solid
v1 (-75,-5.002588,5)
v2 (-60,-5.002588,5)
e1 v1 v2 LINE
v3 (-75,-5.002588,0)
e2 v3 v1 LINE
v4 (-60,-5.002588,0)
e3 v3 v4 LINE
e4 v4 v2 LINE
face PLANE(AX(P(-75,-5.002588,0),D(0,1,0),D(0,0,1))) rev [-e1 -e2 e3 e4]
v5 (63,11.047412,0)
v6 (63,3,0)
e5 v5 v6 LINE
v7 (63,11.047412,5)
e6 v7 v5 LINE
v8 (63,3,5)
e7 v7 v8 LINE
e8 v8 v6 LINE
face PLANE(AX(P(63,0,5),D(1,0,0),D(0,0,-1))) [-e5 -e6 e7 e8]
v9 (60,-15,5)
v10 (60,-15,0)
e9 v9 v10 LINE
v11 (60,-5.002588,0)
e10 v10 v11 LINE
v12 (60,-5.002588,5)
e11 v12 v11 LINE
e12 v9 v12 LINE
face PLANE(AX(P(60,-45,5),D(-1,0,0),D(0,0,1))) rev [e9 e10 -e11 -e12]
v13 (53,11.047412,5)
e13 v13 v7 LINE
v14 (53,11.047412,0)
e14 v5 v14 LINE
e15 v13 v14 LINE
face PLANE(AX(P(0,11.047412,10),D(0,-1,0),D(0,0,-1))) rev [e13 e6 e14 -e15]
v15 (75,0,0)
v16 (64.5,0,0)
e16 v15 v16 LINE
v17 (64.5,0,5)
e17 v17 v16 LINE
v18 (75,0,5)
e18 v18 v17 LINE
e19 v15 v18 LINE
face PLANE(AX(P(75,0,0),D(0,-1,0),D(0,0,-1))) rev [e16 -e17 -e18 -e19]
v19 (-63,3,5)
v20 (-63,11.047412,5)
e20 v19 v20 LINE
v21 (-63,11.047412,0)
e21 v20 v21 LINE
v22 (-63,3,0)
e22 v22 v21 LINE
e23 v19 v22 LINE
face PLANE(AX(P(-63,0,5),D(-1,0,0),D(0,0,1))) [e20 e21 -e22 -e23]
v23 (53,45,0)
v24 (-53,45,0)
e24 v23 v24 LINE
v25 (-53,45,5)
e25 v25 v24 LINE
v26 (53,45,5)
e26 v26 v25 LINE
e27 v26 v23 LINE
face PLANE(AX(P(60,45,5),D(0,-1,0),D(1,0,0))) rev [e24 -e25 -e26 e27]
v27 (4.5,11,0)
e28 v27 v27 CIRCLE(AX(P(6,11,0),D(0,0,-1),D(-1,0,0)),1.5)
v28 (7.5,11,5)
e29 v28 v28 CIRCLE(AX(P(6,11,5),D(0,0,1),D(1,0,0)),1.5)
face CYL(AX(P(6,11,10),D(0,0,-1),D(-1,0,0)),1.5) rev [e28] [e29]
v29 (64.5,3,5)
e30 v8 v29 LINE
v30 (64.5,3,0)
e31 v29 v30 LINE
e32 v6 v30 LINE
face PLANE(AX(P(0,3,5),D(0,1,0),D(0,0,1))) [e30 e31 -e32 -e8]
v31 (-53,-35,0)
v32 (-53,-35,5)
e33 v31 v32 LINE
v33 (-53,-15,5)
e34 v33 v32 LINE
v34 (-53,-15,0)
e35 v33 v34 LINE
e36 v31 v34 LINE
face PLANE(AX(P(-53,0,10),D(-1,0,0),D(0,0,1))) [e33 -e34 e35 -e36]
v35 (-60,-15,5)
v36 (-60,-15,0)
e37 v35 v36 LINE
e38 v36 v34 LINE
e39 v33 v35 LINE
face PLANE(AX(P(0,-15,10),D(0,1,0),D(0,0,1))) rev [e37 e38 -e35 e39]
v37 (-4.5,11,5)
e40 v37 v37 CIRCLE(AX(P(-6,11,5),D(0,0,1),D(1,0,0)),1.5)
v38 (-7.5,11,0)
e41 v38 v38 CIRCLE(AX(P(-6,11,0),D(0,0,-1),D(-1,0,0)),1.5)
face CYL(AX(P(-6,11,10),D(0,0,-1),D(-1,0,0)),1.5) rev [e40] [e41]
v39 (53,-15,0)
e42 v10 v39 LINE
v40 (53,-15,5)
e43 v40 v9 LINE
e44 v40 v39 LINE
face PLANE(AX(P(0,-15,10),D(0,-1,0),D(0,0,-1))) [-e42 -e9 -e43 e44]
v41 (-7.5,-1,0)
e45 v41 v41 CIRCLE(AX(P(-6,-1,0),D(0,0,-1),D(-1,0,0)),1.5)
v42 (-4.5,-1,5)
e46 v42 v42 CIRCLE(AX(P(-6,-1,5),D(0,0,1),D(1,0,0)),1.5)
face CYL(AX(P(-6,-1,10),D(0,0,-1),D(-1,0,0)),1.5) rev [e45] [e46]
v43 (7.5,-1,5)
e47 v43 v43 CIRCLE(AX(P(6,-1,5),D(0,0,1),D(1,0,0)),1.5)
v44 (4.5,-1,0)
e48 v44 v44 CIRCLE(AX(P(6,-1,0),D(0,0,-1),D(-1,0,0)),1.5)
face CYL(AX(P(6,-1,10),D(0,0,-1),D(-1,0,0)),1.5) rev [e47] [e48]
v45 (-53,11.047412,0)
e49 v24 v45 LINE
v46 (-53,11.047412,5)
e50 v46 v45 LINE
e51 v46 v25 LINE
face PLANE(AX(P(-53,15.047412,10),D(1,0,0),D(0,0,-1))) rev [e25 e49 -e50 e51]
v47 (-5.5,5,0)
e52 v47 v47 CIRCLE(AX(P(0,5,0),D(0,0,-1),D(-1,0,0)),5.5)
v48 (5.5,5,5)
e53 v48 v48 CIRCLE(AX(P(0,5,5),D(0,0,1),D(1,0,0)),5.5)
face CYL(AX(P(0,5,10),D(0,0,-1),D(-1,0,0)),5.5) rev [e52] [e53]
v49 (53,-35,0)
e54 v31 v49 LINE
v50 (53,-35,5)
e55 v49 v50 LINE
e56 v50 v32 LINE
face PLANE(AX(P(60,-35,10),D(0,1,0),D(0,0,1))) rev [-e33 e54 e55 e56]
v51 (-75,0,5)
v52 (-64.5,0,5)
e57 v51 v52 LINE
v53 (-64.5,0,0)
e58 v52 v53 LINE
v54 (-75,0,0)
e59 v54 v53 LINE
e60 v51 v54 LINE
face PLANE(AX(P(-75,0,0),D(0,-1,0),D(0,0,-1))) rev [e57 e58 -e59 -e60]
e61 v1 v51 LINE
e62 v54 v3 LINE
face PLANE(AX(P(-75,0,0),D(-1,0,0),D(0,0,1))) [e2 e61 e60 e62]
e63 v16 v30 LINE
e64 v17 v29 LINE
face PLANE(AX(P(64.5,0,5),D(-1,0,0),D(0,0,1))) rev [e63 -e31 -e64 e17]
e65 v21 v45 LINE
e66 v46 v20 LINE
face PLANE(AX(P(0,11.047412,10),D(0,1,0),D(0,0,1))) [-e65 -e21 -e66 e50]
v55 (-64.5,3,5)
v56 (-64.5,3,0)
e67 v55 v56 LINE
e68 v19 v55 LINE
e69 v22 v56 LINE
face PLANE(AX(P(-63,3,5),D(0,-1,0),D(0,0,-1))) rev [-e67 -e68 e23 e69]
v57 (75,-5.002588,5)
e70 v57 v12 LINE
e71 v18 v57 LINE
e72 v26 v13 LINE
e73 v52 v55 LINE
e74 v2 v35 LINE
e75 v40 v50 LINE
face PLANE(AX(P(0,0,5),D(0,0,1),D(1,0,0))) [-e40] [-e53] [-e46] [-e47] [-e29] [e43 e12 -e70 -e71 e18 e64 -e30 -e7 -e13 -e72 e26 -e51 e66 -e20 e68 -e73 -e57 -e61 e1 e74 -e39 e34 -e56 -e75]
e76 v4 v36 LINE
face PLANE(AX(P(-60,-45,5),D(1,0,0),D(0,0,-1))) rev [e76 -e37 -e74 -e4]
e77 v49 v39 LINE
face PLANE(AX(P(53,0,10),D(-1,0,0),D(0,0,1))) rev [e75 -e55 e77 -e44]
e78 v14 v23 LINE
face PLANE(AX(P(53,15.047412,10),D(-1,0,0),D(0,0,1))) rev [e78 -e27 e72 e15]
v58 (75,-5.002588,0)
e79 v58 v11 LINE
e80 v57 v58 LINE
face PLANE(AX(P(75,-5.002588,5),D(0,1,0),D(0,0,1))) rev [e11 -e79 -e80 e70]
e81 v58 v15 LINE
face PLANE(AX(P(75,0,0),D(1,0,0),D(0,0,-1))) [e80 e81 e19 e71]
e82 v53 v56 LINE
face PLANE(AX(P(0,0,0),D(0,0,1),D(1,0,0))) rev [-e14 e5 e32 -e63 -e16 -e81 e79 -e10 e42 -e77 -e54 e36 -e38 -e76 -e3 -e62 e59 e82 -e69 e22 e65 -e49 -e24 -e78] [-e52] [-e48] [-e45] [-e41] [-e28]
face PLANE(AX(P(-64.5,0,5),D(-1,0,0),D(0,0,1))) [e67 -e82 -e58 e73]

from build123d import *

# Parameters (mm, degrees)
SKETCH_1_W          = 120
SKETCH_1_H          = 90
EXTRUDE_1_DEPTH     = 5
SKETCH_5_W          = 120
SKETCH_5_H          = 10
CUT_EXTRUDE_3_DEPTH = 10
SKETCH_10_W         = 5
SKETCH_10_H         = 5.002587902
EXTRUDE_3_DEPTH     = 15
SKETCH_12_W         = 5
SKETCH_12_H         = 5.002587902
EXTRUDE_4_DEPTH     = 15
SKETCH_14_W         = 3
SKETCH_14_H         = 15.404940373
EXTRUDE_5_DEPTH     = 5
SKETCH_16_W         = 5
SKETCH_16_H         = 29.952587902
CUT_EXTRUDE_5_DEPTH = 10
SKETCH_17_W         = 5
SKETCH_17_H         = 29.952587902
CUT_EXTRUDE_6_DEPTH = 10
SKETCH_18_W         = 10
SKETCH_18_H         = 4
SKETCH_18_W_2       = 7
SKETCH_18_H_2       = 20
CUT_EXTRUDE_7_DEPTH = 10
SKETCH_19_W         = 1.5
SKETCH_19_H         = 3
EXTRUDE_6_DEPTH     = 5
SKETCH_20_R         = 5.5
SKETCH_20_R_2       = 1.5
CUT_EXTRUDE_8_DEPTH = 10


with BuildPart() as part:
    # 草图1 → 凸台-拉伸1 (new body)
    with BuildSketch(Plane.XY):
        Rectangle(SKETCH_1_W, SKETCH_1_H)
    extrude(amount=EXTRUDE_1_DEPTH)

    # 草图5 → 切除-拉伸3 (cut)
    with BuildSketch(Plane(origin=(0, 0, 0), x_dir=(-1, 0, 0), z_dir=(0, 0, -1))):
        with Locations((0, -40)):
            Rectangle(SKETCH_5_W, SKETCH_5_H)
    extrude(amount=-CUT_EXTRUDE_3_DEPTH, mode=Mode.SUBTRACT)

    # 草图10 → 凸台-拉伸3 (add)
    with BuildSketch(Plane(origin=(60, 0, 0), x_dir=(0, 0, -1), z_dir=(1, 0, 0))):
        with Locations((-2.5, -2.501293951)):
            Rectangle(SKETCH_10_W, SKETCH_10_H)
    extrude(amount=EXTRUDE_3_DEPTH)

    # 草图12 → 凸台-拉伸4 (add)
    with BuildSketch(Plane.ZY.offset(60)):
        with Locations((2.5, -2.501293951)):
            Rectangle(SKETCH_12_W, SKETCH_12_H)
    extrude(amount=EXTRUDE_4_DEPTH)

    # 草图14 → 凸台-拉伸5 (add, through all)
    with BuildSketch(Plane(origin=(0, 0, 0), x_dir=(-1, 0, 0), z_dir=(0, 0, -1))):
        with Locations((-61.5, 7.702470187)):
            Rectangle(SKETCH_14_W, SKETCH_14_H)
        with Locations((61.5, 7.702470187)):
            Rectangle(SKETCH_14_W, SKETCH_14_H)
    extrude(amount=-EXTRUDE_5_DEPTH)

    # 草图16 → 切除-拉伸5 (cut)
    with BuildSketch(Plane(origin=(0, 0, 0), x_dir=(-1, 0, 0), z_dir=(0, 0, -1))):
        with Locations((60.5, 30.023706049)):
            Rectangle(SKETCH_16_W, SKETCH_16_H)
        with Locations((-60.5, 30.023706049)):
            Rectangle(SKETCH_16_W, SKETCH_16_H)
    extrude(amount=-CUT_EXTRUDE_5_DEPTH, mode=Mode.SUBTRACT)

    # 草图17 → 切除-拉伸6 (cut)
    with BuildSketch(Plane(origin=(0, 0, 0), x_dir=(-1, 0, 0), z_dir=(0, 0, -1))):
        with Locations((-55.5, 30.023706049)):
            Rectangle(SKETCH_17_W, SKETCH_17_H)
        with Locations((55.5, 30.023706049)):
            Rectangle(SKETCH_17_W, SKETCH_17_H)
    extrude(amount=-CUT_EXTRUDE_6_DEPTH, mode=Mode.SUBTRACT)

    # 草图18 → 切除-拉伸7 (cut)
    with BuildSketch(Plane(origin=(0, 0, 0), x_dir=(-1, 0, 0), z_dir=(0, 0, -1))):
        with Locations((-58, 13.047412098)):
            Rectangle(SKETCH_18_W, SKETCH_18_H)
        with Locations((-56.5, -25)):
            Rectangle(SKETCH_18_W_2, SKETCH_18_H_2)
        with Locations((56.5, -25)):
            Rectangle(SKETCH_18_W_2, SKETCH_18_H_2)
        with Locations((58, 13.047412098)):
            Rectangle(SKETCH_18_W, SKETCH_18_H)
    extrude(amount=-CUT_EXTRUDE_7_DEPTH, mode=Mode.SUBTRACT)

    # 草图19 → 凸台-拉伸6 (add, through all)
    with BuildSketch(Plane(origin=(0, 0, 0), x_dir=(-1, 0, 0), z_dir=(0, 0, -1))):
        with Locations((-63.75, 1.5)):
            Rectangle(SKETCH_19_W, SKETCH_19_H)
        with Locations((63.75, 1.5)):
            Rectangle(SKETCH_19_W, SKETCH_19_H)
    extrude(amount=-EXTRUDE_6_DEPTH)

    # 草图20 → 切除-拉伸8 (cut)
    with BuildSketch(Plane(origin=(0, 0, 0), x_dir=(-1, 0, 0), z_dir=(0, 0, -1))):
        with Locations((0, 5)):
            Circle(SKETCH_20_R)
        with Locations((6, 11)):
            Circle(SKETCH_20_R_2)
        with Locations((6, -1)):
            Circle(SKETCH_20_R_2)
        with Locations((-6, -1)):
            Circle(SKETCH_20_R_2)
        with Locations((-6, 11)):
            Circle(SKETCH_20_R_2)
    extrude(amount=-CUT_EXTRUDE_8_DEPTH, mode=Mode.SUBTRACT)


solid = part.part
